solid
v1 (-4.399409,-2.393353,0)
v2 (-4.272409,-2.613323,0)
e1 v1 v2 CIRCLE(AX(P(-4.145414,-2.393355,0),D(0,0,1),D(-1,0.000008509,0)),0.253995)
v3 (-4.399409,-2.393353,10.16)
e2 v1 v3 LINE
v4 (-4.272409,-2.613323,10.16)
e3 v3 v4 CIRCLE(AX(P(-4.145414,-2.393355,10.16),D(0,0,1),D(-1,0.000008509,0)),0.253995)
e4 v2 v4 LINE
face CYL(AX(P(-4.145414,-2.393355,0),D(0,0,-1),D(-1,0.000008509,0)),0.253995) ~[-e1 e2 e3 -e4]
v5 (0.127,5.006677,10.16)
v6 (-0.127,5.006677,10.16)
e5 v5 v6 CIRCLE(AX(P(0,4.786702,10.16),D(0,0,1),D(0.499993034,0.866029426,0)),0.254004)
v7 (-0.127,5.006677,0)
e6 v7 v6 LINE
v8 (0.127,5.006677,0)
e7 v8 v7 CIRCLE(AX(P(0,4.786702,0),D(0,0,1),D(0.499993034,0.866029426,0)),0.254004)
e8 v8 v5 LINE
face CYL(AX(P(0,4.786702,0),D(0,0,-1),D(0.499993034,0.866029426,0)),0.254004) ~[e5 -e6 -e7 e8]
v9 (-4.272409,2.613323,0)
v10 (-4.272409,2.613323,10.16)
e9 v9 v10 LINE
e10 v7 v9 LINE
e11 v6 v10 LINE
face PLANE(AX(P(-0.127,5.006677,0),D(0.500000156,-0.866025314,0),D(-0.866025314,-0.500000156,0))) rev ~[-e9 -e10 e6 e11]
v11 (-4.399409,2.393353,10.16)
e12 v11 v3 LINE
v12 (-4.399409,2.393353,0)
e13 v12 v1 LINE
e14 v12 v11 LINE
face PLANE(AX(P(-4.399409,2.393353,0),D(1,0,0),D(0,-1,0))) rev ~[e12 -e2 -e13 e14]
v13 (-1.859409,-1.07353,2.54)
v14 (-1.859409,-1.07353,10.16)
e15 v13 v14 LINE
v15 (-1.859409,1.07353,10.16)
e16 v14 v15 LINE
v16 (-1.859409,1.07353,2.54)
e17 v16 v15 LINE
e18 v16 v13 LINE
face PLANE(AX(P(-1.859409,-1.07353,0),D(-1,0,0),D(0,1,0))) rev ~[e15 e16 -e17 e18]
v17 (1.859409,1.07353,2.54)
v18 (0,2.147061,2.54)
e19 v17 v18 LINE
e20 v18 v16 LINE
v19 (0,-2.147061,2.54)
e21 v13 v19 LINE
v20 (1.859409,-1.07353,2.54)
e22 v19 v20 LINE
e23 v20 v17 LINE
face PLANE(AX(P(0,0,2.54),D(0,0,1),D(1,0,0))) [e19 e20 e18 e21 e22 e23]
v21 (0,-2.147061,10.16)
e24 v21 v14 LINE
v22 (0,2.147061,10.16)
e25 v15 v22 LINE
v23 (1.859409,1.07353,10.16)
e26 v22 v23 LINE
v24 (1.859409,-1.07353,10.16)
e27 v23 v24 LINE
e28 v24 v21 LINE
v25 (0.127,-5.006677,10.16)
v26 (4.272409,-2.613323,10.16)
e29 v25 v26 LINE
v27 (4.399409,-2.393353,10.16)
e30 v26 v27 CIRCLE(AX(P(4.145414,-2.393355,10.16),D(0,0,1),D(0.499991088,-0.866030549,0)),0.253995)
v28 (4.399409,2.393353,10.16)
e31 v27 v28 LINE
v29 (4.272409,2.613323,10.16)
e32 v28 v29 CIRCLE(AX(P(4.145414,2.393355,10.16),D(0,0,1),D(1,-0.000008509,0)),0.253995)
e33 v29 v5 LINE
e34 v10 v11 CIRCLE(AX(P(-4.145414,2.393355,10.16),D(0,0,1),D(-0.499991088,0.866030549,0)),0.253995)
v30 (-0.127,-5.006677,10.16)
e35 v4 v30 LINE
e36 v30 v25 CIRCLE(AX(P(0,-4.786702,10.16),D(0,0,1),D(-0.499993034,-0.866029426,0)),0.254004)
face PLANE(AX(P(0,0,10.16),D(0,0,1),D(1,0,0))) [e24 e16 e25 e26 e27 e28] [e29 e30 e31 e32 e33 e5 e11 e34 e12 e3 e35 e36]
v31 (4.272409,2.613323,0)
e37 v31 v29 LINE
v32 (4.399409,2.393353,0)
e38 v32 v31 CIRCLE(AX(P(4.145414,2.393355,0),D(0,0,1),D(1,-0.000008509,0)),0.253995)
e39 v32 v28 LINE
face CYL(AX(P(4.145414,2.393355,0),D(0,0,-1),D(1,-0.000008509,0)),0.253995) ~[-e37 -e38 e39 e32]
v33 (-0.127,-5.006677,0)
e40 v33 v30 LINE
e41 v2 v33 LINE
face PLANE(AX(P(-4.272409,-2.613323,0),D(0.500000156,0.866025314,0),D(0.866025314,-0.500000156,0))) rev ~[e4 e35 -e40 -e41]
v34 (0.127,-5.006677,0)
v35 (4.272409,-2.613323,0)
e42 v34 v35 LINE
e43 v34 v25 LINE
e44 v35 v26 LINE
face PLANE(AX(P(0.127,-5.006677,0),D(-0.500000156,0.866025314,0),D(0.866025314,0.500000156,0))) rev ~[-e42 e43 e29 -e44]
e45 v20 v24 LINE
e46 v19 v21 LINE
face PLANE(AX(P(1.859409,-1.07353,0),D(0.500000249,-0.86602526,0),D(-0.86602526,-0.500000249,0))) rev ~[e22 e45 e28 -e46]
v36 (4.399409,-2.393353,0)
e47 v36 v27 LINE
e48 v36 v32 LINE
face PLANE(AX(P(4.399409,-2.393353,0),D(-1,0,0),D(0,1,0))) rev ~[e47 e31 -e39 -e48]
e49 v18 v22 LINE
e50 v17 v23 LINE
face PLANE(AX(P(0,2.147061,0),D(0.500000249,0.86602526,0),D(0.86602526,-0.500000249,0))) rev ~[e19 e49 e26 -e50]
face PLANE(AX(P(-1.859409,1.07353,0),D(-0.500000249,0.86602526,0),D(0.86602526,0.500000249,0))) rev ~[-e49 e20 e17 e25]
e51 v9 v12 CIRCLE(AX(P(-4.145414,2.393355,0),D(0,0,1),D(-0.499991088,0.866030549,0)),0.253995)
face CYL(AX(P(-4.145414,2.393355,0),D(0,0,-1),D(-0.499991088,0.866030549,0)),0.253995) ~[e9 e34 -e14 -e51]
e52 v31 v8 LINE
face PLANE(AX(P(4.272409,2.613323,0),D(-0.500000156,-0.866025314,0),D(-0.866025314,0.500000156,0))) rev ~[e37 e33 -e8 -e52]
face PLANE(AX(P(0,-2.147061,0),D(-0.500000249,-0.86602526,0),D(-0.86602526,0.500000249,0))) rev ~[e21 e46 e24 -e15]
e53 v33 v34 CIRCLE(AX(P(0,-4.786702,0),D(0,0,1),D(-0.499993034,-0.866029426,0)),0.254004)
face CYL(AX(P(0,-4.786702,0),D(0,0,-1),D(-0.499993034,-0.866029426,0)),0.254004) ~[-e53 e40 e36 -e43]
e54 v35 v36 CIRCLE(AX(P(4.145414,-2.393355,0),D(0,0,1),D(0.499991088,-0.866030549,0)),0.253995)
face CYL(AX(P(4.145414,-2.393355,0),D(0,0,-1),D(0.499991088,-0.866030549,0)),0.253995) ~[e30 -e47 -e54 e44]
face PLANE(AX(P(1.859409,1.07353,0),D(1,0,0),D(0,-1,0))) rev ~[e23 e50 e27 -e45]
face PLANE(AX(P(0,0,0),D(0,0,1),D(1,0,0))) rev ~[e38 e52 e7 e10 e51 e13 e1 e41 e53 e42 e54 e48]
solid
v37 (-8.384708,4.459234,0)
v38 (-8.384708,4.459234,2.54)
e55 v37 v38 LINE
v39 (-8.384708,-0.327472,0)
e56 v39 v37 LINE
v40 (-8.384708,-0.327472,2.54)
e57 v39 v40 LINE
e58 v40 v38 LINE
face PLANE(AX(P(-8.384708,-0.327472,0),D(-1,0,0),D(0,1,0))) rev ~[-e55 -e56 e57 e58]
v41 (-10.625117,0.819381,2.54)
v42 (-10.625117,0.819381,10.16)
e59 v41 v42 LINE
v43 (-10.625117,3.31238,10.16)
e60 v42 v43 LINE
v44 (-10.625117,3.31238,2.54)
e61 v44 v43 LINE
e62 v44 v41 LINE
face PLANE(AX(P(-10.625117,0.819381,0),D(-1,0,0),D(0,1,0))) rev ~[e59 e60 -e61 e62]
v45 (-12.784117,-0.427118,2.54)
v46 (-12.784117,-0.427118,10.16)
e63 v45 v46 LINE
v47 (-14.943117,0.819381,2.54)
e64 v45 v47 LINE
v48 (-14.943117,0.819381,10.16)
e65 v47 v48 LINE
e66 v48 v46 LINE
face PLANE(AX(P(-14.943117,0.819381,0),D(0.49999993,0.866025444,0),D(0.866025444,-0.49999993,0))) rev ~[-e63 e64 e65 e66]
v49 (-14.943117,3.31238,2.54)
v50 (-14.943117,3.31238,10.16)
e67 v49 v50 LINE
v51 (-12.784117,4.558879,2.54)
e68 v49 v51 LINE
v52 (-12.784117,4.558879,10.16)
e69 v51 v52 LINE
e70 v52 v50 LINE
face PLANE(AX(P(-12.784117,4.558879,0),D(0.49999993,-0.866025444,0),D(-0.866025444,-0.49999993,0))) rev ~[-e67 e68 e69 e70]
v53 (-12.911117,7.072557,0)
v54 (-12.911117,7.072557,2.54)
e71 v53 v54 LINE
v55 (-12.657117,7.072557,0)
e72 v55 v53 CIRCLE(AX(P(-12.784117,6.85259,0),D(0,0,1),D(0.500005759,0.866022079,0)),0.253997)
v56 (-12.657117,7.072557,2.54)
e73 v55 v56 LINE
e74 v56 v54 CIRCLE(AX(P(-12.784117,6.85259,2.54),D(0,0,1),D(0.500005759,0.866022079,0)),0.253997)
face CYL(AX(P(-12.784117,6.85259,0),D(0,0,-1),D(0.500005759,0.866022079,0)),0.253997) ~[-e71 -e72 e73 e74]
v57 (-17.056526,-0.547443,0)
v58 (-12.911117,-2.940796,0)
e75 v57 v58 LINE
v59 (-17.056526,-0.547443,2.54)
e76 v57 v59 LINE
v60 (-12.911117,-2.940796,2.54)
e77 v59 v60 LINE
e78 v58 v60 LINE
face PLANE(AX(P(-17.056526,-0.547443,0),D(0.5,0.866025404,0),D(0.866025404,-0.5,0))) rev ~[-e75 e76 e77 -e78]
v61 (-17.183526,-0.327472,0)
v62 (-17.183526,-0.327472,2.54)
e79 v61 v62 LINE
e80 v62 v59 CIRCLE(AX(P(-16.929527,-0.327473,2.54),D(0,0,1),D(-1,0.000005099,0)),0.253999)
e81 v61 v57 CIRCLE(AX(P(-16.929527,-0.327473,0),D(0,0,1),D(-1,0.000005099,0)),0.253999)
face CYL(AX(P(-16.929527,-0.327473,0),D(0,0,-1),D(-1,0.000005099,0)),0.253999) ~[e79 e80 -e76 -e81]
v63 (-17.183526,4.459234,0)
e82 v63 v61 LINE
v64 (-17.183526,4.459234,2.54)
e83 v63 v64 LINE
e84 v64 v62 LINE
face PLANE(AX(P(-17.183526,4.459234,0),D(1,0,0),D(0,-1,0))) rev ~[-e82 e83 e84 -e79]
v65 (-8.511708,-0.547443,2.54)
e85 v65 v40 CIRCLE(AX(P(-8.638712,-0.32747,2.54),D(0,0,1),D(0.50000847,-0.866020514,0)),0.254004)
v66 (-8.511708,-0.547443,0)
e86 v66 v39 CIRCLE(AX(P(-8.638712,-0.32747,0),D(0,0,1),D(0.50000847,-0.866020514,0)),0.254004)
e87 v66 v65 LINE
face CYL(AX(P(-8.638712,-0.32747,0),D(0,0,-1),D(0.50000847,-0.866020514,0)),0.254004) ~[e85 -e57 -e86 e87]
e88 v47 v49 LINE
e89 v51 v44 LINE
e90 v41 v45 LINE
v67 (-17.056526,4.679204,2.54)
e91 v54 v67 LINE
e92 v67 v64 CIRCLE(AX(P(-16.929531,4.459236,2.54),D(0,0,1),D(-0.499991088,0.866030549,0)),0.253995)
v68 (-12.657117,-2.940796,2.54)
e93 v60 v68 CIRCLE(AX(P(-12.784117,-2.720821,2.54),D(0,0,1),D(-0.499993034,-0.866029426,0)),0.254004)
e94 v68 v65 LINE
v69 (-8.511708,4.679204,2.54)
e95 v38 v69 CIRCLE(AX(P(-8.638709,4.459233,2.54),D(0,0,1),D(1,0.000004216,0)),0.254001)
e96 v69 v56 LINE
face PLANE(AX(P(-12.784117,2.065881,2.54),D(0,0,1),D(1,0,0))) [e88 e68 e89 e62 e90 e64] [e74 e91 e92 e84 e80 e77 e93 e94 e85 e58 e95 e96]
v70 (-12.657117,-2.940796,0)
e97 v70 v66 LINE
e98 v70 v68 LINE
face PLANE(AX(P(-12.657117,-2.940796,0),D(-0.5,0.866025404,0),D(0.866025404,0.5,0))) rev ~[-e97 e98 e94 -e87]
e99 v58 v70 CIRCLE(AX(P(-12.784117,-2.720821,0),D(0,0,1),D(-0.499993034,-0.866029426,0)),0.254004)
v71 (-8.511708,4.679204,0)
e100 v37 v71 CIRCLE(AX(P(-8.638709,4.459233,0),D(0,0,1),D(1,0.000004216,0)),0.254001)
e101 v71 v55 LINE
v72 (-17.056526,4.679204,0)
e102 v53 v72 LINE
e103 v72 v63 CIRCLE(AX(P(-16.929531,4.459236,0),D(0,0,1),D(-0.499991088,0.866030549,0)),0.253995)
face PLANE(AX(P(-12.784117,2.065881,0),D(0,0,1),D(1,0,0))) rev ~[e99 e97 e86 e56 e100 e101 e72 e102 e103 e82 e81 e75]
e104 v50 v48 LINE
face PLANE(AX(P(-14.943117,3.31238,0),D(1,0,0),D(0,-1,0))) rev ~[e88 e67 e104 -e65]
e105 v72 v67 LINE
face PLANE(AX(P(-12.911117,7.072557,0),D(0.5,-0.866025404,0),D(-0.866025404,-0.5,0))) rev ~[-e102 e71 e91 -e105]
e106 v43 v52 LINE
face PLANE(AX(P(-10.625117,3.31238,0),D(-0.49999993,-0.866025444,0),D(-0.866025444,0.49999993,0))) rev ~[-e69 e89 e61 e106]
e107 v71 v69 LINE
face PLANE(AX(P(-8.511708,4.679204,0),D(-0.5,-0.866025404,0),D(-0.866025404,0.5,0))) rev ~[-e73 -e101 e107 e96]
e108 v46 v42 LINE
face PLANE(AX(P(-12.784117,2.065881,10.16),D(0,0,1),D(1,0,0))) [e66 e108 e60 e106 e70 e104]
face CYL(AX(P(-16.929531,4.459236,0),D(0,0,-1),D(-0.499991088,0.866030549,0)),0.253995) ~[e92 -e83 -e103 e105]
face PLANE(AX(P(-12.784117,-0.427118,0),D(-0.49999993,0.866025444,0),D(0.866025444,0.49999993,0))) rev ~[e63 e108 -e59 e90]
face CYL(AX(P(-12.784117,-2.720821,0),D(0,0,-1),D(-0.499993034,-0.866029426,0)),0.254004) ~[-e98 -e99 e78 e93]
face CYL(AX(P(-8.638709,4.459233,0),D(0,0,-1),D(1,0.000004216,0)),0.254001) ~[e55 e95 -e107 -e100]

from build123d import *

# Parameters (mm, degrees)
F1_DEPTH = 10.16
F2_DEPTH = 2.54
F3_DEPTH = 10.16
F4_DEPTH = 2.54


with BuildPart() as f1:
    # F0 (on Top) → F1 (new body)
    with BuildSketch(Plane.XY):
        Polygon((-10.625117, 0.819381), (-10.625117, 3.31238), (-12.784117, 4.558879), (-14.943117, 3.31238), (-14.943117, 0.819381), (-12.784117, -0.427118), align=None)
    extrude(amount=F1_DEPTH)

    # F0 (on Top) → F2 (join)
    with BuildSketch(Plane.XY):
        with BuildLine():
            Line((-12.911117, 7.072557), (-17.056526, 4.679204))
            ThreePointArc((-17.056526, 4.679204), (-17.149497, 4.586234), (-17.183526, 4.459234))
            Line((-17.183526, 4.459234), (-17.183526, -0.327472))
            ThreePointArc((-17.183526, -0.327472), (-17.149497, -0.454472), (-17.056526, -0.547443))
            Line((-17.056526, -0.547443), (-12.911117, -2.940796))
            ThreePointArc((-12.911117, -2.940796), (-12.784117, -2.974825), (-12.657117, -2.940796))
            Line((-12.657117, -2.940796), (-8.511708, -0.547443))
            ThreePointArc((-8.511708, -0.547443), (-8.418738, -0.454472), (-8.384708, -0.327472))
            Line((-8.384708, -0.327472), (-8.384708, 4.459234))
            ThreePointArc((-8.384708, 4.459234), (-8.418738, 4.586234), (-8.511708, 4.679204))
            Line((-8.511708, 4.679204), (-12.657117, 7.072557))
            ThreePointArc((-12.657117, 7.072557), (-12.784117, 7.106587), (-12.911117, 7.072557))
        make_face()
        Polygon((-12.784117, 4.558879), (-10.625117, 3.31238), (-10.625117, 0.819381), (-12.784117, -0.427118), (-14.943117, 0.819381), (-14.943117, 3.31238), align=None, mode=Mode.SUBTRACT)
    extrude(amount=F2_DEPTH)


with BuildPart() as f3:
    # F0 (on Top) → F3 (new body)
    with BuildSketch(Plane.XY):
        with BuildLine():
            Line((-0.127, 5.006677), (-4.272409, 2.613323))
            ThreePointArc((-4.272409, 2.613323), (-4.36538, 2.520353), (-4.399409, 2.393353))
            Line((-4.399409, 2.393353), (-4.399409, -2.393353))
            ThreePointArc((-4.399409, -2.393353), (-4.36538, -2.520353), (-4.272409, -2.613323))
            Line((-4.272409, -2.613323), (-0.127, -5.006677))
            ThreePointArc((-0.127, -5.006677), (0, -5.040706), (0.127, -5.006677))
            Line((0.127, -5.006677), (4.272409, -2.613323))
            ThreePointArc((4.272409, -2.613323), (4.36538, -2.520353), (4.399409, -2.393353))
            Line((4.399409, -2.393353), (4.399409, 2.393353))
            ThreePointArc((4.399409, 2.393353), (4.36538, 2.520353), (4.272409, 2.613323))
            Line((4.272409, 2.613323), (0.127, 5.006677))
            ThreePointArc((0.127, 5.006677), (0, 5.040706), (-0.127, 5.006677))
        make_face()
        Polygon((0, 2.147061), (1.859409, 1.07353), (1.859409, -1.07353), (0, -2.147061), (-1.859409, -1.07353), (-1.859409, 1.07353), align=None, mode=Mode.SUBTRACT)
    extrude(amount=F3_DEPTH)

    # F0 (on Top) → F4 (join)
    with BuildSketch(Plane.XY):
        Polygon((1.859409, -1.07353), (1.859409, 1.07353), (0, 2.147061), (-1.859409, 1.07353), (-1.859409, -1.07353), (0, -2.147061), align=None)
    extrude(amount=F4_DEPTH)


solid = Compound([f1.part, f3.part])
